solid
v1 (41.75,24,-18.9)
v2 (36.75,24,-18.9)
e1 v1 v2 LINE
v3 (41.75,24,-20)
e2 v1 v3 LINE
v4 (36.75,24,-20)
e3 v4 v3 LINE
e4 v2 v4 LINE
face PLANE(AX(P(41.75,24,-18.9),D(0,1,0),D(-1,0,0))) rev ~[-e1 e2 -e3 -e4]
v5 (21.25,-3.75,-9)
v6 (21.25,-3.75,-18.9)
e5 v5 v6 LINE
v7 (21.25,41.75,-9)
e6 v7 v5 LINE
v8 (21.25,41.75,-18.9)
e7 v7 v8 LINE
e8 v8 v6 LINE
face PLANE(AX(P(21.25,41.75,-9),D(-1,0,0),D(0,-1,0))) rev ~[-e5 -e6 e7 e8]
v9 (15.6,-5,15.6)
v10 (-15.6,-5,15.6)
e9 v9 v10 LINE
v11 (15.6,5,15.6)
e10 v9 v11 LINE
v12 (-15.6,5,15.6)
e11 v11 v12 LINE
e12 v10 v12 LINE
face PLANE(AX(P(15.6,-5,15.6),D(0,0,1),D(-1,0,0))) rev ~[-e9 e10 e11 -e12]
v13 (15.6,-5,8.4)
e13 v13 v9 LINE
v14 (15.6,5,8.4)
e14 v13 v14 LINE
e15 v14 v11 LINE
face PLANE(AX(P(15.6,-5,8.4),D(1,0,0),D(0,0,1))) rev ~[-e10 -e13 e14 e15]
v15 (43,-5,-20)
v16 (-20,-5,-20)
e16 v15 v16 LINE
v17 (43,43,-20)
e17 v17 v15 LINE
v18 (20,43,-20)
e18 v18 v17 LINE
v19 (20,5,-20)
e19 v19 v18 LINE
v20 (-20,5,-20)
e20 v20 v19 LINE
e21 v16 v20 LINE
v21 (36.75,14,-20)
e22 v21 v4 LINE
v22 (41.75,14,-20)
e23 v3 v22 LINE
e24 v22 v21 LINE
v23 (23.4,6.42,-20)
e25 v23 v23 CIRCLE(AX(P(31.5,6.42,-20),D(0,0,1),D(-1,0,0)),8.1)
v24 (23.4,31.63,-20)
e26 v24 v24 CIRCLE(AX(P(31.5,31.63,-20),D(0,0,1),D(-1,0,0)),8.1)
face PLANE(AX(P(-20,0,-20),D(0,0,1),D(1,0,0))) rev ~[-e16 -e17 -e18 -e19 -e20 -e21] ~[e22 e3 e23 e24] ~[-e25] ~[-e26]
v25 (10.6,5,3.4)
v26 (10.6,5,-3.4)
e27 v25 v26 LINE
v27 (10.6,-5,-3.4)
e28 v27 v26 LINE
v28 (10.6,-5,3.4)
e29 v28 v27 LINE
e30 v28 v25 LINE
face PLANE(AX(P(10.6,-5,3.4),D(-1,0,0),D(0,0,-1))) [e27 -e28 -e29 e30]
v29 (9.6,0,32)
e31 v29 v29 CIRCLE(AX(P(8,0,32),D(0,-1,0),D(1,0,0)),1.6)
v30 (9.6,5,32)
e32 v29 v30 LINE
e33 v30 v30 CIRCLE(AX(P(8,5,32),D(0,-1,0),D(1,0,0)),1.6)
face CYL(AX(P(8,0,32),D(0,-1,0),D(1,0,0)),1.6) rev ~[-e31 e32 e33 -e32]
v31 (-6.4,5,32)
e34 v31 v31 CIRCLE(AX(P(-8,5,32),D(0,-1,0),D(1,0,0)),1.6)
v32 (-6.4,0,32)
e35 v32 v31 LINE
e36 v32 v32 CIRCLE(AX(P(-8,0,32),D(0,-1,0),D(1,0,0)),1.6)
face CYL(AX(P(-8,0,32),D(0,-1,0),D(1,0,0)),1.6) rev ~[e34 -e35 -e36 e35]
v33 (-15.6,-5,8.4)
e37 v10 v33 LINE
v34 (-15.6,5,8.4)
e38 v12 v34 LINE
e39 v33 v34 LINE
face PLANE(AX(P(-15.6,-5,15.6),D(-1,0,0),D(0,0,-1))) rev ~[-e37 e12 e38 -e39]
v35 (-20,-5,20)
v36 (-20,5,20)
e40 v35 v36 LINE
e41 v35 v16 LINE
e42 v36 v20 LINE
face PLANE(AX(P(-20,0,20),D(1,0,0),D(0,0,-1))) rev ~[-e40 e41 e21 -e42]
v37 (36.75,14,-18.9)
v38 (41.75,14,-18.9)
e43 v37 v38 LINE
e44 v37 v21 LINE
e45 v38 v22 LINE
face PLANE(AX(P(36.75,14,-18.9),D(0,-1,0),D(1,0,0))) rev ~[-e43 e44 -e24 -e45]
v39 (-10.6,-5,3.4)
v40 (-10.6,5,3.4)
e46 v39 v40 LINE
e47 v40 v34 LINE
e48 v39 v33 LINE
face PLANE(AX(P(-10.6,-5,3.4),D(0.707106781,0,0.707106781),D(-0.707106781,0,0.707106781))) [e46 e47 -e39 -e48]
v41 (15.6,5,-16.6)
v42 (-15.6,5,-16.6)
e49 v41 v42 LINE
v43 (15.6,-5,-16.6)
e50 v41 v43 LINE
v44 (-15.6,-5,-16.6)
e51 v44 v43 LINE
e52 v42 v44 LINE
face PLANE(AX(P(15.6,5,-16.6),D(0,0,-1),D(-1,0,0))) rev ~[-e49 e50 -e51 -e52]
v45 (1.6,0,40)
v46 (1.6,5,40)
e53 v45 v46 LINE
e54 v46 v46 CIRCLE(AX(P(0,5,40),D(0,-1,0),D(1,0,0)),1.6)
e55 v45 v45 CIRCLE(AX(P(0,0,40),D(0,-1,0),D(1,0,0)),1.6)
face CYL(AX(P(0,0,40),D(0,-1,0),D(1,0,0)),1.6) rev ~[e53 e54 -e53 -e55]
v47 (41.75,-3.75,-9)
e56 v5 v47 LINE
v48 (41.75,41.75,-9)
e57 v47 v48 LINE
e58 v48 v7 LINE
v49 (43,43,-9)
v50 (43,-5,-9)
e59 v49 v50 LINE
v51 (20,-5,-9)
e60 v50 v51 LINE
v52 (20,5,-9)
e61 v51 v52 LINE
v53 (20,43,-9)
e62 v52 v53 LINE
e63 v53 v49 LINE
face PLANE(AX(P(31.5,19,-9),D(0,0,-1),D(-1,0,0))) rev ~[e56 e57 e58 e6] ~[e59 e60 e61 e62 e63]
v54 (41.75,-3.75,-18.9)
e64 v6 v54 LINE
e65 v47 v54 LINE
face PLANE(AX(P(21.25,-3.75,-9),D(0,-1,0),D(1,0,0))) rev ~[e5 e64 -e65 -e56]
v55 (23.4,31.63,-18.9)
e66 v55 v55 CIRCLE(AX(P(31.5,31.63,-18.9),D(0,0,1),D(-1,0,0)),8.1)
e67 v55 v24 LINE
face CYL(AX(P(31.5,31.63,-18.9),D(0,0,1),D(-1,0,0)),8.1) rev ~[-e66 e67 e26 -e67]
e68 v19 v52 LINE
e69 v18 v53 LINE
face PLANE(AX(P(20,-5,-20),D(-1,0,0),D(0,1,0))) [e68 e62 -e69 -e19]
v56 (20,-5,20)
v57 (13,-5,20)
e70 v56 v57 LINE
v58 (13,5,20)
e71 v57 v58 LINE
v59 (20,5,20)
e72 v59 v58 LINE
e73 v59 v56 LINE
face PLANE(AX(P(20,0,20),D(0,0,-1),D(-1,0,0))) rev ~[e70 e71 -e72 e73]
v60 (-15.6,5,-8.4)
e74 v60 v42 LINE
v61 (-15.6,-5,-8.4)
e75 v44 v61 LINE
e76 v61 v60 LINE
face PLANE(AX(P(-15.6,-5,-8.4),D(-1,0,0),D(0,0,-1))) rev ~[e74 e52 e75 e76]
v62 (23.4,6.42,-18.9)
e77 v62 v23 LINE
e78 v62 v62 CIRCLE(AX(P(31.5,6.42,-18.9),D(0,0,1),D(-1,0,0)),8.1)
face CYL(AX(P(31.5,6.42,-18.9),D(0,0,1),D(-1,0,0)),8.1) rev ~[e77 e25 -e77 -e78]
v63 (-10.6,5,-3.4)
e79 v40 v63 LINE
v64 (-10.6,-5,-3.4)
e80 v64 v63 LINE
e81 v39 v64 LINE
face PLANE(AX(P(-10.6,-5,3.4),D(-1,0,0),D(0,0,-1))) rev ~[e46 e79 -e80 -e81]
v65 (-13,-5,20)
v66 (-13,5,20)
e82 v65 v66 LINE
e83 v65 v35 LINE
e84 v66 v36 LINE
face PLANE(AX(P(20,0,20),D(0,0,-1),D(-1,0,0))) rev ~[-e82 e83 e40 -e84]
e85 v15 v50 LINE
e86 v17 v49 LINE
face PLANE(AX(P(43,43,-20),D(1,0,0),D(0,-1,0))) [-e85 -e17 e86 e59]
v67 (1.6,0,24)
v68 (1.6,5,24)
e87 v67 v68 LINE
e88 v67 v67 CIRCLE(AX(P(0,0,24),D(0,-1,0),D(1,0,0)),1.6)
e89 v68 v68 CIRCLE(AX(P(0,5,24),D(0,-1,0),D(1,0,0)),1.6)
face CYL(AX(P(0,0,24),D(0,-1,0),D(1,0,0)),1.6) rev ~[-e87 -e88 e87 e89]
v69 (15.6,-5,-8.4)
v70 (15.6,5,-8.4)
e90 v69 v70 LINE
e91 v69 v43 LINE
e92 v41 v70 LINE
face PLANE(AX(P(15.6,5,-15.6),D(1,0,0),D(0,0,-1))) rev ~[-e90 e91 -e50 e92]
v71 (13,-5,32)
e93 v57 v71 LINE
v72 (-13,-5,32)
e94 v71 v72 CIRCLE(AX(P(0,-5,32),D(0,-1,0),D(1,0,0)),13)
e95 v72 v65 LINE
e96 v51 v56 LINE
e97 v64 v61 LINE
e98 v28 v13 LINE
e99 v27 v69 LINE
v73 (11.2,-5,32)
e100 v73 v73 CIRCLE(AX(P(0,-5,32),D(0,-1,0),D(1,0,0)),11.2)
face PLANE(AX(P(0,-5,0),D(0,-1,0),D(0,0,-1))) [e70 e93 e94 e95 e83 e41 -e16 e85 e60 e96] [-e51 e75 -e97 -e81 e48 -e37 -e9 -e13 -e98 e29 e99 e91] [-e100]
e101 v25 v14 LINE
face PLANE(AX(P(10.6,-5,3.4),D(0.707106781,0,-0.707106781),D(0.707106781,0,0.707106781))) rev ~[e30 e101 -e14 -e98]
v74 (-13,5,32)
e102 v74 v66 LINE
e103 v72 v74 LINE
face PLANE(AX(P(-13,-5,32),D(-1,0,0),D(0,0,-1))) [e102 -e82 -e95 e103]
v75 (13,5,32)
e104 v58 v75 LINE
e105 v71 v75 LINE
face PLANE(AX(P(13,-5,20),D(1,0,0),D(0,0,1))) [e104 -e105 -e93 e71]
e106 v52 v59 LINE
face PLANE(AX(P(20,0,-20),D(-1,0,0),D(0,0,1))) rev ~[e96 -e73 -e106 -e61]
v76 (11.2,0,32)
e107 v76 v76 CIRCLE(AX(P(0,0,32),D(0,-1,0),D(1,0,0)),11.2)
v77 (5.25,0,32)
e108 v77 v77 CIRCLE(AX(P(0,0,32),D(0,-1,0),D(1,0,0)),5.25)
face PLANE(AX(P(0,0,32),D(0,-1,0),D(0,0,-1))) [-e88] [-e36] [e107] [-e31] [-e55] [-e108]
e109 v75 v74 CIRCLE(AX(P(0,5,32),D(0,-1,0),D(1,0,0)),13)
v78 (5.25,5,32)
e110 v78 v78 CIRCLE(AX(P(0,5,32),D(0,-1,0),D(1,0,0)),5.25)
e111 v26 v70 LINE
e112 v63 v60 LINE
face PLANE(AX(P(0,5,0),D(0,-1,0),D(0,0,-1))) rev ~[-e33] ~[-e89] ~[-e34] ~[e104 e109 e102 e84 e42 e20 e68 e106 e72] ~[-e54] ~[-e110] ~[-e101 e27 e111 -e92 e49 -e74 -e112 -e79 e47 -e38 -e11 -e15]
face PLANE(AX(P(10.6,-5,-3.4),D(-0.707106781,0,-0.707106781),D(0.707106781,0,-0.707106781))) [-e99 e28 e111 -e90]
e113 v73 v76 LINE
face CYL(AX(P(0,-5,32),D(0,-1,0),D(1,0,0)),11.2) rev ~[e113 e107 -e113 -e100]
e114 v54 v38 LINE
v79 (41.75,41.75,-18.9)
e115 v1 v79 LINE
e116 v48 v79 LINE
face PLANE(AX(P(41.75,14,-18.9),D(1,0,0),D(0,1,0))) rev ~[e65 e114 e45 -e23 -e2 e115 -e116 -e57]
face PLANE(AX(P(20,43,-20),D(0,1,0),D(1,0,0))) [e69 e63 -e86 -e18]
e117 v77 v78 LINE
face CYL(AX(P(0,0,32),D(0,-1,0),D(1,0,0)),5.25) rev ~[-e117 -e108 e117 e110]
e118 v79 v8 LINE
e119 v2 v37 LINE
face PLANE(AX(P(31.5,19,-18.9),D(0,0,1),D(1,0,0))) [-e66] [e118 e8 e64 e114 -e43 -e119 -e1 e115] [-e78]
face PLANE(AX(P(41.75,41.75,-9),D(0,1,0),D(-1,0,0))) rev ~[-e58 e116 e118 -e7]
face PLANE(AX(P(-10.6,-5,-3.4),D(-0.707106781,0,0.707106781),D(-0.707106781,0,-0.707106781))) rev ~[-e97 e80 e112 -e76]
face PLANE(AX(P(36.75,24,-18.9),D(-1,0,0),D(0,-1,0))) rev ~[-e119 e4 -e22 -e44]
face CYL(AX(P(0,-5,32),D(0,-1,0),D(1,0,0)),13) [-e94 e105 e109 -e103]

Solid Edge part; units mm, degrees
sketch "Sketch1" plane through (0, 0, 0) normal (0, -1, 0) x (1, 0, 0)
  line L0 (-20, -20) -> (20, -20)
  line L1 (20, -20) -> (20, 20)
  line L2 (20, 20) -> (-20, 20)
  line L3 (-20, 20) -> (-20, -20)
extrude "Protrusion1" add sketch "Sketch1" along normal mid plane 10
sketch "Sketch2" plane through (0, -5, 0) normal (0, -1, 0) x (1, 0, 0)
  line L0 (-10.6, 3.4) -> (-15.6, 8.4)
  line L1 (-15.6, 15.6) -> (-15.6, 8.4)
  line L2 (15.6, 15.6) -> (-15.6, 15.6)
  line L3 (15.6, 8.4) -> (15.6, 15.6)
  line L4 (10.6, 3.4) -> (15.6, 8.4)
  line L5 (10.6, 3.4) -> (10.6, -3.4)
  line L6 (10.6, -3.4) -> (15.6, -8.4)
  line L7 (15.6, -15.6) -> (15.6, -8.4)
  line L8 (-15.6, -15.6) -> (15.6, -15.6)
  line L9 (-15.6, -8.4) -> (-15.6, -15.6)
  line L10 (-10.6, -3.4) -> (-15.6, -8.4)
  line L11 (-10.6, 3.4) -> (-10.6, -3.4)
  dimension "D1" = 5
  dimension "D2" = 3.4
extrude "Cutout1" cut sketch "Sketch2" against normal through all
sketch "Sketch3" plane through (0, -5, 0) normal (0, -1, 0) x (1, 0, 0)
  line L0 (-13, 32) -> (-13, 20)
  line L1 (-13, 20) -> (13, 20)
  line L2 (13, 20) -> (13, 32)
  arc A0 (13, 32) -> (-13, 32) centre (0, 32) ccw
extrude "ExtrudedProtrusion_2" add sketch "Sketch3" against normal blind 10
sketch "Sketch4" plane through (0, -5, 12.25) normal (0, -1, 0) x (1, 0, 0)
  circle A0 centre (0, 19.75) radius 11.2
extrude "ExtrudedCutout_2" cut sketch "Sketch4" against normal blind 5
sketch "Sketch5" plane through (0, 0, 32) normal (0, -1, 0) x (1, 0, 0)
  circle A0 centre (0, 0) radius 5.25
  circle A1 centre (0, 8) radius 1.6
  circle A2 centre (-8, 0) radius 1.6
  circle A3 centre (0, -8) radius 1.6
  circle A4 centre (8, 0) radius 1.6
  dimension "D1" = 8
  dimension "D2" = 8
extrude "Cutout2" cut sketch "Sketch5" against normal up to next
sketch "Sketch6" plane through (0, 5, 12.25) normal (0, 1, 0) x (-1, 0, 0)
  line L0 (-15.6, -27.85) -> (-15.6, -28.85)
  line L1 (-15.6, -28.85) -> (15.6, -28.85)
  line L2 (15.6, -28.85) -> (15.6, -27.85)
  line L3 (15.6, -27.85) -> (-15.6, -27.85)
extrude "ExtrudedCutout_12" cut sketch "Sketch6" against normal blind 209
sketch "Sketch7" plane through (0, 0, -20) normal (0, 0, -1) x (0, 1, 0)
  line L0 (-5, 20) -> (43, 20)
  line L1 (43, 20) -> (43, 43)
  line L2 (43, 43) -> (-5, 43)
  line L3 (-5, 43) -> (-5, 20)
extrude "ExtrudedProtrusion_7" add sketch "Sketch7" against normal blind 11
sketch "Sketch8" plane through (31.5, 19, -9) normal (0, 0, 1) x (-1, 0, 0)
  line L0 (-10.25, -22.75) -> (10.25, -22.75)
  line L1 (10.25, -22.75) -> (10.25, 22.75)
  line L2 (10.25, 22.75) -> (-10.25, 22.75)
  line L3 (-10.25, 22.75) -> (-10.25, -22.75)
extrude "ExtrudedCutout_17" cut sketch "Sketch8" against normal blind 9.9
sketch "Sketch9" plane through (31.5, 19, -18.9) normal (0, 0, 1) x (-1, 0, 0)
  circle A0 centre (0, 12.58) radius 8.1
  circle A1 centre (0, -12.63) radius 8.1
  line L0 (-10.25, 5) -> (-10.25, -5)
  line L1 (-10.25, -5) -> (-5.25, -5)
  line L2 (-5.25, -5) -> (-5.25, 5)
  line L3 (-5.25, 5) -> (-10.25, 5)
  dimension "D1" = 10.17
  dimension "D2" = 10.12
  dimension "D3" = 5
extrude "Cutout3" cut sketch "Sketch9" against normal up to next
